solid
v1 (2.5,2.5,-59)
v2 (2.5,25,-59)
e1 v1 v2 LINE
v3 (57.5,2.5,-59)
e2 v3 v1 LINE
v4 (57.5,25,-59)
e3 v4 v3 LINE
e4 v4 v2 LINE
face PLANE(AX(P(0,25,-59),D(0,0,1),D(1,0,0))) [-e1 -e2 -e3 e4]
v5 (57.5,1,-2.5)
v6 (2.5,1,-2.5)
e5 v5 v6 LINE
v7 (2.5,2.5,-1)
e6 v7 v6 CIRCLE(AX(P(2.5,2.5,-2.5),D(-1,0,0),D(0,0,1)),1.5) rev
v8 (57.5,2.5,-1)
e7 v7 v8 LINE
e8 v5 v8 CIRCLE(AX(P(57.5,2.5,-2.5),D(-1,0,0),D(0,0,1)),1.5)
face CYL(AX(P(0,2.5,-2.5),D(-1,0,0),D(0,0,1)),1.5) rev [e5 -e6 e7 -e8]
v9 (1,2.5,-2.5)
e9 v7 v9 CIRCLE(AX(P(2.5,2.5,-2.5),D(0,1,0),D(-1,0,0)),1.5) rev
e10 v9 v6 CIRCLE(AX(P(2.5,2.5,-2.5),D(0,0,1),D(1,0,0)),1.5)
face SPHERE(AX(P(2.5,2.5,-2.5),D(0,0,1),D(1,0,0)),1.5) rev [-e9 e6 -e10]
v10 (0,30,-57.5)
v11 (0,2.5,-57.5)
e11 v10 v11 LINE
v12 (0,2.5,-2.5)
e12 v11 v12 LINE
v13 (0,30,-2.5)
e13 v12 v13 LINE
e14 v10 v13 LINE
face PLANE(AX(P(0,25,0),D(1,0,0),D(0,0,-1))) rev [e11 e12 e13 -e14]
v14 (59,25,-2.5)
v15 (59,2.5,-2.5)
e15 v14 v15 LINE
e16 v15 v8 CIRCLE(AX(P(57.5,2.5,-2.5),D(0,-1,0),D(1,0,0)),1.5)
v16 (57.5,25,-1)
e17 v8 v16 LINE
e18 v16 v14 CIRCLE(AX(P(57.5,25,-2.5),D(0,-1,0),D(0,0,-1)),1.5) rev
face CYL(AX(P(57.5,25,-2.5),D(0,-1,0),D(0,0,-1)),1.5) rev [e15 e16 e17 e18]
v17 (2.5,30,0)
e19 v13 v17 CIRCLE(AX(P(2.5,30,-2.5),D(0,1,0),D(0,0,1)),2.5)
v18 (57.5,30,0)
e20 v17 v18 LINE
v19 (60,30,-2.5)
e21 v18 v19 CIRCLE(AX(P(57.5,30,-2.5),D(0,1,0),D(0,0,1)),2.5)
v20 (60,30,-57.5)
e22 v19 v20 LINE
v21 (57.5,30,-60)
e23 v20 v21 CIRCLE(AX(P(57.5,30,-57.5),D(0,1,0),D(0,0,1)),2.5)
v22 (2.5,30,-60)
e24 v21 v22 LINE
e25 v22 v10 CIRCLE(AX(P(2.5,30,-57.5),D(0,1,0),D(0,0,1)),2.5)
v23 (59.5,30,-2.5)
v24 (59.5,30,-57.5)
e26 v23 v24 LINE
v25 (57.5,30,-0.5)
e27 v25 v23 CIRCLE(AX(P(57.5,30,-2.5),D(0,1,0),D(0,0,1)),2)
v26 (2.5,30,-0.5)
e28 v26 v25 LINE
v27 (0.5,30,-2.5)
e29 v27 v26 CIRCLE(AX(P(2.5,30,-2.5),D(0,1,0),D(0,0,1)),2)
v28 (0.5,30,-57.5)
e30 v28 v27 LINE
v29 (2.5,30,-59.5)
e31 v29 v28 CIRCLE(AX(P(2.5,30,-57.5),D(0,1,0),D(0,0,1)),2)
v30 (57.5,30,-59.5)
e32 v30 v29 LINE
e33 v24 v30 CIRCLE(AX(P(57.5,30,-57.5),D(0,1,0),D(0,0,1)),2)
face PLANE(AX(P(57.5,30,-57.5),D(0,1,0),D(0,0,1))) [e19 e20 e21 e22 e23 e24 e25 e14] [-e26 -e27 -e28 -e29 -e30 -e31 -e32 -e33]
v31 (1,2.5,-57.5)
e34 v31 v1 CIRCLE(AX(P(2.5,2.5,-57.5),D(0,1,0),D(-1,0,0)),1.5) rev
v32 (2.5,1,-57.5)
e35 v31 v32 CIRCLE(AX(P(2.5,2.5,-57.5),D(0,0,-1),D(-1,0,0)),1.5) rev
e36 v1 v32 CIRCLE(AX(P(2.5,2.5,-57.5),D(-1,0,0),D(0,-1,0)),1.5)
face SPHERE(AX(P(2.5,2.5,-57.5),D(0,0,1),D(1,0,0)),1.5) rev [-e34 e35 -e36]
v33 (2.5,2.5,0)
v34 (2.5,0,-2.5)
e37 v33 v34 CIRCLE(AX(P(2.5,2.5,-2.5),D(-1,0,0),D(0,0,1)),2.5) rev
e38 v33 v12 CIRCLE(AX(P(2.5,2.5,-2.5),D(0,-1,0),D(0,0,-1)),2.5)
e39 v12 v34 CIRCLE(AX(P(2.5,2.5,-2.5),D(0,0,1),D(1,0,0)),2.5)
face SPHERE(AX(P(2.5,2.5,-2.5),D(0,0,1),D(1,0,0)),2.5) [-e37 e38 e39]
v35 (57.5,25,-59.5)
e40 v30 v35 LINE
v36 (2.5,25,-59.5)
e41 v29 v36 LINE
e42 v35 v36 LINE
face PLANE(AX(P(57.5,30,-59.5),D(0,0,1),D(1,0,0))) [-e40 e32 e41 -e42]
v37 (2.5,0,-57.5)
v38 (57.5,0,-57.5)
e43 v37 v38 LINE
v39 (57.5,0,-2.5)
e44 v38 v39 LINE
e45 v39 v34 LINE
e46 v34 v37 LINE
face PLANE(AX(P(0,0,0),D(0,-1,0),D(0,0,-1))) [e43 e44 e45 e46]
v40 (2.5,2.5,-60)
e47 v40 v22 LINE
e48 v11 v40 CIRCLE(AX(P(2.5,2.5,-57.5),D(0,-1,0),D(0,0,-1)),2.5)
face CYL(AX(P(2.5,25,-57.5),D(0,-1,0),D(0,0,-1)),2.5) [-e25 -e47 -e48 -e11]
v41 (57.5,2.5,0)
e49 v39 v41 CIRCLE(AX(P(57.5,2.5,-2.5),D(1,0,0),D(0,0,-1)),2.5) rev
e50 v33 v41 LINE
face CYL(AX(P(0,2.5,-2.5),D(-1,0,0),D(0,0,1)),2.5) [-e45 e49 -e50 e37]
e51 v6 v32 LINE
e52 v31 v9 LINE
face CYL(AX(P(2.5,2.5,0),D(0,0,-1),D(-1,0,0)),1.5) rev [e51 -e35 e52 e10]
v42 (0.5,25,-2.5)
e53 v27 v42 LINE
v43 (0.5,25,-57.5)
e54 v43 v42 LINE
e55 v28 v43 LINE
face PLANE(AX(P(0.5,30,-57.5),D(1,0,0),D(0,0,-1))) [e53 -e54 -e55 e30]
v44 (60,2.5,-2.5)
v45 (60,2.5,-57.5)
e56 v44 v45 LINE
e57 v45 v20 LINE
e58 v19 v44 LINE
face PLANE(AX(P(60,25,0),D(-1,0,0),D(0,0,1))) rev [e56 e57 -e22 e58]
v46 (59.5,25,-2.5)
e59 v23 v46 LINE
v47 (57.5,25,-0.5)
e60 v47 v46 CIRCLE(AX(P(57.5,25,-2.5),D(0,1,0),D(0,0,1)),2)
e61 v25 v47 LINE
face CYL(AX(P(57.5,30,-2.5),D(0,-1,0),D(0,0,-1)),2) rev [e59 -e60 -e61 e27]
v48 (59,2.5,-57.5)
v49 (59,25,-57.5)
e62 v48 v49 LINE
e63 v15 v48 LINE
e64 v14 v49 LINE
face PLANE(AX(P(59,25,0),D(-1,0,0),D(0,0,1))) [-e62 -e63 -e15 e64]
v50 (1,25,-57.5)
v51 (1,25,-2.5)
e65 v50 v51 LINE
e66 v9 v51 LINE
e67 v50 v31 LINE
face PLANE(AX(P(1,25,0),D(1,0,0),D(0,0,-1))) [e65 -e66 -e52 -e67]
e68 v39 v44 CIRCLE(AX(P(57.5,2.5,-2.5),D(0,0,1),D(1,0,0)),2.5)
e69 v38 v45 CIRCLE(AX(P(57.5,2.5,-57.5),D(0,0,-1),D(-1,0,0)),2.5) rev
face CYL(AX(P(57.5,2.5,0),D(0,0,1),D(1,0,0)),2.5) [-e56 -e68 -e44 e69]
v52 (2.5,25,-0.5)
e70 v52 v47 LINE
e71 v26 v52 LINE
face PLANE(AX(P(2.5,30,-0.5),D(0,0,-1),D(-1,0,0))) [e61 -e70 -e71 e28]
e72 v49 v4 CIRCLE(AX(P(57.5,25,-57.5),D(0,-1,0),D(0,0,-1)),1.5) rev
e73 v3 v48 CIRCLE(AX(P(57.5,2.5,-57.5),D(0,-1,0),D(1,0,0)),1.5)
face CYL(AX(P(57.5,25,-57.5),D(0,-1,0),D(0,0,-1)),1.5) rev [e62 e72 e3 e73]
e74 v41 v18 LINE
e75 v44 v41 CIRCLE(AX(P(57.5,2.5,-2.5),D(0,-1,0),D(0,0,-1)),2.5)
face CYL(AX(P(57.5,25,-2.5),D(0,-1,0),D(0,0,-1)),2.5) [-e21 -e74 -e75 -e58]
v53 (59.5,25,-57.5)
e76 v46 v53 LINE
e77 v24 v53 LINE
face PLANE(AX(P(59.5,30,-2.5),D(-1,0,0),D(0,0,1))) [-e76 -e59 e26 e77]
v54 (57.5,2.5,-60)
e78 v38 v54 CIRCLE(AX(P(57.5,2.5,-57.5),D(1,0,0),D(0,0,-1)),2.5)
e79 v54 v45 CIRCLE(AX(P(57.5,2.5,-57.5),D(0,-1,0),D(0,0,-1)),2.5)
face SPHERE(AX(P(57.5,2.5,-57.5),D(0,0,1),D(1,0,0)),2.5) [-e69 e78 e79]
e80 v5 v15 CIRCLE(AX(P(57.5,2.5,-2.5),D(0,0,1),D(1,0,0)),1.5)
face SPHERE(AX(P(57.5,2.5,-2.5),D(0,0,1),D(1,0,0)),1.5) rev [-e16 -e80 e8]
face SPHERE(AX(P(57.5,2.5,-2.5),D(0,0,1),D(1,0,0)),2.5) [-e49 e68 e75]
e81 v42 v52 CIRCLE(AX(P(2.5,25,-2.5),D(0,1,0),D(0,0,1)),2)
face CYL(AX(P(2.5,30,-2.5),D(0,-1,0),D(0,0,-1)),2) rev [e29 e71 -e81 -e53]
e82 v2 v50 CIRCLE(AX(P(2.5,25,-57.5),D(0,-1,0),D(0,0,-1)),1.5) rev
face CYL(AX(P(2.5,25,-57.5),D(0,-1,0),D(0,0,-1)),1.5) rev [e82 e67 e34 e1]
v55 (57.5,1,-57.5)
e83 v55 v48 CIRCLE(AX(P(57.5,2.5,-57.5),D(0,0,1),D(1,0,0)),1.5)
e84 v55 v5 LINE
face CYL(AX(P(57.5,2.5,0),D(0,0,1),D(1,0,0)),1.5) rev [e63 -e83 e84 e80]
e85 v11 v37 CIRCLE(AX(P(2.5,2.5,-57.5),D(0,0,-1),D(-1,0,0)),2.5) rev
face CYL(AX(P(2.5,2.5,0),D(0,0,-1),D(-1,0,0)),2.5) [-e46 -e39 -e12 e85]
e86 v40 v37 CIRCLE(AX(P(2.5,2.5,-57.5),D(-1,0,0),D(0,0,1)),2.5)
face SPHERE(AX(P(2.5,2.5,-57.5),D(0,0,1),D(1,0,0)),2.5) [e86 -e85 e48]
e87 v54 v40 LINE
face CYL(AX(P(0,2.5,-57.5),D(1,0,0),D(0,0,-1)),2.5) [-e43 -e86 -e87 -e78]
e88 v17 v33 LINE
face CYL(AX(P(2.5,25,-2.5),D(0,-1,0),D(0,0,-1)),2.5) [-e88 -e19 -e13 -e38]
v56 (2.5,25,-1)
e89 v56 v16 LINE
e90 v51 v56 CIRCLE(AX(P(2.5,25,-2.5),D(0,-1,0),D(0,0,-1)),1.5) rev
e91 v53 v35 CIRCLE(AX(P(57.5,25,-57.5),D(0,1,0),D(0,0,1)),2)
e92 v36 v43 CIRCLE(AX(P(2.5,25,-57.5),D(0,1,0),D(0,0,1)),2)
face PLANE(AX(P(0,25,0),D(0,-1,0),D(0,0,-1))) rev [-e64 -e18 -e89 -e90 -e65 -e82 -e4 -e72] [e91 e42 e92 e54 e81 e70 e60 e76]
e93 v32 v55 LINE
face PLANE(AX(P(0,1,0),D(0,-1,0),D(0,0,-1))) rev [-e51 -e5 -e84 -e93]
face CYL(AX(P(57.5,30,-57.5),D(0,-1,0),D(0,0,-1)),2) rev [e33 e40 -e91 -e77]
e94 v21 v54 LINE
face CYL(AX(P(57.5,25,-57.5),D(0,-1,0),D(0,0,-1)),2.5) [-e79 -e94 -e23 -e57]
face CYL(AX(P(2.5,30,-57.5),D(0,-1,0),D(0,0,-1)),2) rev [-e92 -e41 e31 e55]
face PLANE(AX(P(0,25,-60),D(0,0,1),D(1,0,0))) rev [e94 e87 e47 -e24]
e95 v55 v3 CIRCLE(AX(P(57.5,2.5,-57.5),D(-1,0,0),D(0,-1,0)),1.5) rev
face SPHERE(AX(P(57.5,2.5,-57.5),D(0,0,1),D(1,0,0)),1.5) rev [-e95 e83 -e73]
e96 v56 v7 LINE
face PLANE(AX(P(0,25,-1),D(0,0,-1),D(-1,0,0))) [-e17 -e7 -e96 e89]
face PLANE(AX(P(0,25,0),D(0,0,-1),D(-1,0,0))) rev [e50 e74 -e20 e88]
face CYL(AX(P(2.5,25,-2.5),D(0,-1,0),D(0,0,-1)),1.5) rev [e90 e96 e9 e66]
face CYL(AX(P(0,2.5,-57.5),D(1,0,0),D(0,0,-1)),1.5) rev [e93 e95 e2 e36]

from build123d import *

# Parameters (mm, degrees)
SKETCH1_W           = 60
SKETCH1_H           = 60
BOSS_EXTRUDE1_DEPTH = 25
FILLET1_R           = 2.5
SHELL1_T            = -1
BOSS_EXTRUDE2_START = 5
BOSS_EXTRUDE2_DEPTH = 5


with BuildPart() as part:
    # Sketch1 → Boss-Extrude1 (new body)
    with BuildSketch(Plane(origin=(0, 0, 0), x_dir=(1, 0, 0), z_dir=(0, 1, 0))):
        with Locations((30, 30)):
            Rectangle(SKETCH1_W, SKETCH1_H)
    extrude(amount=BOSS_EXTRUDE1_DEPTH)

    # Fillet1
    fillet1_edges = [part.edges().sort_by_distance(p)[0] for p in [
        (30, 0, -60),
        (60, 0, -30),
        (30, 0, 0),
        (0, 0, -30),
        (0, 12.5, -60),
        (60, 12.5, -60),
        (60, 12.5, 0),
        (0, 12.5, 0),
    ]]
    fillet(fillet1_edges, radius=FILLET1_R)

    # Shell1
    shell1_openings = [part.faces().sort_by_distance(p)[0] for p in [
        (30, 25, -30),
    ]]
    offset(amount=SHELL1_T, openings=shell1_openings, kind=Kind.INTERSECTION)

    # Sketch2 → Boss-Extrude2 (add)
    with BuildSketch(Plane(origin=(0, 25, 0), x_dir=(1, 0, 0), z_dir=(0, 1, 0)).offset(BOSS_EXTRUDE2_START)):
        with BuildLine():
            Line((57.5, 60), (2.5, 60))
            ThreePointArc((2.5, 60), (0.732233047, 59.267766953), (0, 57.5))
            Line((0, 57.5), (0, 2.5))
            ThreePointArc((0, 2.5), (0.732233047, 0.732233047), (2.5, 0))
            Line((2.5, 0), (57.5, 0))
            ThreePointArc((57.5, 0), (59.267766953, 0.732233047), (60, 2.5))
            Line((60, 2.5), (60, 57.5))
            ThreePointArc((60, 57.5), (59.267766953, 59.267766953), (57.5, 60))
        make_face()
        with BuildLine():
            Line((57.5, 59.5), (2.5, 59.5))
            ThreePointArc((2.5, 59.5), (1.085786438, 58.914213562), (0.5, 57.5))
            Line((0.5, 57.5), (0.5, 2.5))
            ThreePointArc((0.5, 2.5), (1.085786438, 1.085786438), (2.5, 0.5))
            Line((2.5, 0.5), (57.5, 0.5))
            ThreePointArc((57.5, 0.5), (58.914213562, 1.085786438), (59.5, 2.5))
            Line((59.5, 2.5), (59.5, 57.5))
            ThreePointArc((59.5, 57.5), (58.914213562, 58.914213562), (57.5, 59.5))
        make_face(mode=Mode.SUBTRACT)
    extrude(amount=-BOSS_EXTRUDE2_DEPTH)


solid = part.part
